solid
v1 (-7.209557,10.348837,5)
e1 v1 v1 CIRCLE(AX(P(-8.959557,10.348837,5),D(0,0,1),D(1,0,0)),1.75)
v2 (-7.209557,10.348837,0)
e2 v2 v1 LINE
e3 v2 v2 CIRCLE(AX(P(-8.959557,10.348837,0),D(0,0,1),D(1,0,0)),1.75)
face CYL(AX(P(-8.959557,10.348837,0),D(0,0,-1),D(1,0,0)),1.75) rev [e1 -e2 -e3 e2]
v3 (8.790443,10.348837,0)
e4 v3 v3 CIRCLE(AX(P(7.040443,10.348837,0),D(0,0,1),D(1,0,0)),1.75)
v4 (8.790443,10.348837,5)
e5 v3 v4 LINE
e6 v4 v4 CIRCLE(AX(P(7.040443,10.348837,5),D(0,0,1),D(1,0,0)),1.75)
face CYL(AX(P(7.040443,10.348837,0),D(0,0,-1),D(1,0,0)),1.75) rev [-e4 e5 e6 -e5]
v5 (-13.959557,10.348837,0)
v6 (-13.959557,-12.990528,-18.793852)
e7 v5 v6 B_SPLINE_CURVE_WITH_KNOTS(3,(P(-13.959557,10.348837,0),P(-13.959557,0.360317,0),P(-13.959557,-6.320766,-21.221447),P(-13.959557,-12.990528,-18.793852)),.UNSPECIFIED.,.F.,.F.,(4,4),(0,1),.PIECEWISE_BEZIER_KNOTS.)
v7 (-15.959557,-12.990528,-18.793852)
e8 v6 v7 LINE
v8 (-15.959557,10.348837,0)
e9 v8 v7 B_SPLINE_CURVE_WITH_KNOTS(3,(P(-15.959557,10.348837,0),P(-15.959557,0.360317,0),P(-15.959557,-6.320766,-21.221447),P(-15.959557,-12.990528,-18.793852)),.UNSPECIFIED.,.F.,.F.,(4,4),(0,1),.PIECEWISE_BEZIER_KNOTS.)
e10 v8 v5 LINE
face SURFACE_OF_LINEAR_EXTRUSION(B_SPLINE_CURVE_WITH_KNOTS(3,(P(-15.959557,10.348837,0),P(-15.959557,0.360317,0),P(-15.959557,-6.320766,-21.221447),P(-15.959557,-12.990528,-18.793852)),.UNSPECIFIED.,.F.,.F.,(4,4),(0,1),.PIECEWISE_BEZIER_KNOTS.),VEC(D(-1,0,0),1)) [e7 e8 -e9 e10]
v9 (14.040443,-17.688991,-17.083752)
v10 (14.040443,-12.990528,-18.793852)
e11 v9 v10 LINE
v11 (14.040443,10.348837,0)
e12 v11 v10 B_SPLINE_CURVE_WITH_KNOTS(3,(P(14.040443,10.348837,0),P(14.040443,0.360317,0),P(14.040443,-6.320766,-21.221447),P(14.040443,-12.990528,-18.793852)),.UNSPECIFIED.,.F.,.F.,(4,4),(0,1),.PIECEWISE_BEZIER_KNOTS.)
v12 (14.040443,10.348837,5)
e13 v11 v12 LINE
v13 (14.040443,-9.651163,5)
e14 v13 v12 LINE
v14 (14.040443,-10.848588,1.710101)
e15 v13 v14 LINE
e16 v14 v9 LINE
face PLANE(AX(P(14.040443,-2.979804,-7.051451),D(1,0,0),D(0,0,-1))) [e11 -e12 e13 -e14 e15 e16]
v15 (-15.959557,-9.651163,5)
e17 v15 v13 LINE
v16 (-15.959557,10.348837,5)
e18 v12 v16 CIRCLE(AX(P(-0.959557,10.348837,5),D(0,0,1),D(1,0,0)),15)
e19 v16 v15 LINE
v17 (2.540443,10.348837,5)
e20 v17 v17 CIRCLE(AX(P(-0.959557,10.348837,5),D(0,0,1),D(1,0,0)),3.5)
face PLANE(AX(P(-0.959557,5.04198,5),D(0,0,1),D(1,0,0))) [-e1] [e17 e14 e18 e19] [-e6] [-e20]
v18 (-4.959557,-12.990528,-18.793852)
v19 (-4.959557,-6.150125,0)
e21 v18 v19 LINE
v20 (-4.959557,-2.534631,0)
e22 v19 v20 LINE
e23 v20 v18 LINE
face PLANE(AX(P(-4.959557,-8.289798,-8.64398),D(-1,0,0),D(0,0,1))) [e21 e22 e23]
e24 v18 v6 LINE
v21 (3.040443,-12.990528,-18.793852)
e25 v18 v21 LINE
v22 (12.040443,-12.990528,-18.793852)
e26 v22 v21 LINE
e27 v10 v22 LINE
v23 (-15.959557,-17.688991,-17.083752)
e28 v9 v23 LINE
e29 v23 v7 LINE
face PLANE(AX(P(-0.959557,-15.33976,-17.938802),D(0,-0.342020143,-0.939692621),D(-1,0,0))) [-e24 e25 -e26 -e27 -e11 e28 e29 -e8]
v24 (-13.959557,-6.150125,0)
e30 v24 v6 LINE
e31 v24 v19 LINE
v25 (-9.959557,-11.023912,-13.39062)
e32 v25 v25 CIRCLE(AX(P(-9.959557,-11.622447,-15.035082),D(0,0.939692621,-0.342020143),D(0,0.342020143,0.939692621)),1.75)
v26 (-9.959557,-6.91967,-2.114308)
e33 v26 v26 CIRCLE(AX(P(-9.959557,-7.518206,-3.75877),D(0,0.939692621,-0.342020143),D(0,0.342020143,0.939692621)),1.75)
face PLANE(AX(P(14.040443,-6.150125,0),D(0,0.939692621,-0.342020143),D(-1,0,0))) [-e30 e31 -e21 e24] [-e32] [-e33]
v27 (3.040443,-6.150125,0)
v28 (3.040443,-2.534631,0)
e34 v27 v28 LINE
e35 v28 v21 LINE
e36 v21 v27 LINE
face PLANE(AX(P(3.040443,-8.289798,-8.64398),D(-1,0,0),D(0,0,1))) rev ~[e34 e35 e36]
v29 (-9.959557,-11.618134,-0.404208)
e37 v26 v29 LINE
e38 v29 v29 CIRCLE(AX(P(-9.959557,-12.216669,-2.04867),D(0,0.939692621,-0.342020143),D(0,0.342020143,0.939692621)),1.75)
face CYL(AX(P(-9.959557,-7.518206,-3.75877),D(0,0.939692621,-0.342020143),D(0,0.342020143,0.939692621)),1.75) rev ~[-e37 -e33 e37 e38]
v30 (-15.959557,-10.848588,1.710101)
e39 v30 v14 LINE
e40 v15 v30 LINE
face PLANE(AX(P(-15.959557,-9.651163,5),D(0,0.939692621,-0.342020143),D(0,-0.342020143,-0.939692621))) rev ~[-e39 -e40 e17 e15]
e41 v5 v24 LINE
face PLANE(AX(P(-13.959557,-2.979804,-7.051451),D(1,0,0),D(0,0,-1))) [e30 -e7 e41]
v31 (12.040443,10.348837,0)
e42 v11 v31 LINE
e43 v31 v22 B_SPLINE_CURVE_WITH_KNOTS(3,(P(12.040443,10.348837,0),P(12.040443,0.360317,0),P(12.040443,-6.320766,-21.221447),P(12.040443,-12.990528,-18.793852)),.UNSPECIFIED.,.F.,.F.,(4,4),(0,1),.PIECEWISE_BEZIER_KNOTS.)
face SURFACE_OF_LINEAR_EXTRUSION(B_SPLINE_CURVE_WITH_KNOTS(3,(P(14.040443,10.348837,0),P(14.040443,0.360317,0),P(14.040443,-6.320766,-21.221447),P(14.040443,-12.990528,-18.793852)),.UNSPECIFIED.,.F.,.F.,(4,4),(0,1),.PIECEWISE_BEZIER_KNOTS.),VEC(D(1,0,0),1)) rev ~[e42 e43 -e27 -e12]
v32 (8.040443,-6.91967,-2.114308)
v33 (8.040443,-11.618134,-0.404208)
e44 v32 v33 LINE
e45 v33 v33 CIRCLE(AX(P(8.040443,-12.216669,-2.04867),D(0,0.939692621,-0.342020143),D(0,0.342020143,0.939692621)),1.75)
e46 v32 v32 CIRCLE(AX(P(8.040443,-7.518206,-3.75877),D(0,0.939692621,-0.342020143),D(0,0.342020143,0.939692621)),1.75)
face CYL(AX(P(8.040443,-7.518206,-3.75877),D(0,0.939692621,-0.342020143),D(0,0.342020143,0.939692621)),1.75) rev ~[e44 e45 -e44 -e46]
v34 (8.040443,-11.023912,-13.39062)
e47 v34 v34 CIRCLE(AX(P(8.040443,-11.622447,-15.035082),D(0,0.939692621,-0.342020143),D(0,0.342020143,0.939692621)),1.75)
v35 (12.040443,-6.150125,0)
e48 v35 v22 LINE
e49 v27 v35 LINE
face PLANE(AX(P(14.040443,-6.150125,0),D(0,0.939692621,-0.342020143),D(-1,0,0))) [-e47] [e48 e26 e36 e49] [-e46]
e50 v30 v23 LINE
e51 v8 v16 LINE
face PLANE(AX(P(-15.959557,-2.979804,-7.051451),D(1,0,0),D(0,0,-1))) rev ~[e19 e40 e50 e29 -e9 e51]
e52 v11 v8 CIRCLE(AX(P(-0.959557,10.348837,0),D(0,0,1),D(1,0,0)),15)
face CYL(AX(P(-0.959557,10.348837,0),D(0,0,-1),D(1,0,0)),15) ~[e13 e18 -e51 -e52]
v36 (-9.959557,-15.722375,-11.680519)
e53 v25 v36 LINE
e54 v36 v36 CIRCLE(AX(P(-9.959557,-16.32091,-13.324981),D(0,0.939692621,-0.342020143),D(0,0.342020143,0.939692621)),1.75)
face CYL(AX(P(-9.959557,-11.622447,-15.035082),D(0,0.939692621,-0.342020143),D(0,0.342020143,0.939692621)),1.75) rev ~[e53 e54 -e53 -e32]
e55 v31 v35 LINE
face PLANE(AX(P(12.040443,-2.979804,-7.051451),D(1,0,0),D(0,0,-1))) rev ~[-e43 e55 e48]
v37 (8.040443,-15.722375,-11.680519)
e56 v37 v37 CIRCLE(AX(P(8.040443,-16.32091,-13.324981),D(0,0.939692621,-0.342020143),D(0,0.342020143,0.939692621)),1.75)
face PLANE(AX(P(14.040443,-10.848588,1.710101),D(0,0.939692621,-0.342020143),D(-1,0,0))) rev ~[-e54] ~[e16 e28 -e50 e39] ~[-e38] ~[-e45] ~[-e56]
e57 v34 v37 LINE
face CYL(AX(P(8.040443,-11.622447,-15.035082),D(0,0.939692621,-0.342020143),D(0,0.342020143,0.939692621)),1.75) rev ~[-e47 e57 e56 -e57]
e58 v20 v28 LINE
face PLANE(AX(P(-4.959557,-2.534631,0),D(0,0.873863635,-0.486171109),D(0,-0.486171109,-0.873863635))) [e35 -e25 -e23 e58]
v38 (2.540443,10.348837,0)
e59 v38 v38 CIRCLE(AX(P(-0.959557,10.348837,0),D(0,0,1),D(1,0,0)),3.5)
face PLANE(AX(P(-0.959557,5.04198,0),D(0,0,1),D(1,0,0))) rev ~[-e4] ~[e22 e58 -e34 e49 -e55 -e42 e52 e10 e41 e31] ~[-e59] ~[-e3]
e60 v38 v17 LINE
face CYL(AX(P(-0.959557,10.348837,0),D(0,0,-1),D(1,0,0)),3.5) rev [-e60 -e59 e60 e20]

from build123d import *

# Parameters (mm, degrees)
ESQUISSE1_R             = 1.75
ESQUISSE1_R_2           = 3.5
BOSS_EXTRU_1_DEPTH      = 5
ENL_V_MAT_EXTRU_2_REACH = 41.592
BOSS_EXTRU_2_DEPTH      = 30
ESQUISSE5_W             = 30
ESQUISSE5_H             = 5
BOSS_EXTRU_3_DEPTH      = 20
BOSS_EXTRU_4_DEPTH      = 2
BOSS_EXTRU_5_DEPTH      = 2
ENL_V_MAT_EXTRU_3_REACH = 42.516
ESQUISSE12_R            = 1.75
BOSS_EXTRU_6_DEPTH      = 4
BOSS_EXTRU_6_DEPTH_BACK = 4


with BuildPart() as part:
    # Esquisse1 → Boss.-Extru.1 (new body)
    with BuildSketch(Plane.XY):
        with BuildLine():
            Line((-15.959557324, 10.348837209), (-15.959557324, -9.651162791))
            Line((-15.959557324, -9.651162791), (14.040442676, -9.651162791))
            Line((14.040442676, -9.651162791), (14.040442676, 10.348837209))
            ThreePointArc((14.040442676, 10.348837209), (-0.959557324, 25.348837209), (-15.959557324, 10.348837209))
        make_face()
        with Locations((-8.959557324, 10.348837209)):
            Circle(ESQUISSE1_R, mode=Mode.SUBTRACT)
        with Locations((7.040442676, 10.348837209)):
            Circle(ESQUISSE1_R, mode=Mode.SUBTRACT)
        with Locations((-0.959557324, 10.348837209)):
            Circle(ESQUISSE1_R_2, mode=Mode.SUBTRACT)
    extrude(amount=BOSS_EXTRU_1_DEPTH)

    # Esquisse2 → Enlèv. mat.-Extru.2 (cut, up to next)
    with BuildSketch(Plane.ZY.offset(15.959557324), mode=Mode.PRIVATE) as enl_v_mat_extru_2_sk1:
        Polygon((0, -9.651162791), (0, -6.1501251), (1.274273509, -9.651162791), align=None)
    enl_v_mat_extru_2_tool1 = extrude(enl_v_mat_extru_2_sk1.sketch, amount=-ENL_V_MAT_EXTRU_2_REACH, mode=Mode.PRIVATE) & part.part
    add(enl_v_mat_extru_2_tool1.solids().sort_by_distance((-15.959557, -8.48415, 0.424758))[0], mode=Mode.SUBTRACT)

    # Esquisse4 → Boss.-Extru.2 (add)
    with BuildSketch(Plane.ZY.offset(15.959557324)):
        Polygon((5, -9.651162791), (1.710100717, -10.848588204), (1.274273509, -9.651162791), align=None)
    extrude(amount=-BOSS_EXTRU_2_DEPTH)

    # Esquisse5 → Boss.-Extru.3 (add)
    with BuildSketch(Plane(origin=(0, -0.719427971, -1.976612106), x_dir=(-1, 0, 0), z_dir=(0, -0.34202014332566333, -0.9396926207859103))):
        with Locations((0.959557324, -8.279227173)):
            Rectangle(ESQUISSE5_W, ESQUISSE5_H)
    extrude(amount=BOSS_EXTRU_3_DEPTH)

    # Esquisse6 → Boss.-Extru.4 (add)
    with BuildSketch(Plane.ZY.offset(15.959557324)):
        with BuildLine():
            Line((0, 10.348837209), (0, -6.1501251))
            Line((0, -6.1501251), (-18.793852416, -12.990527966))
            add(Edge.make_bspline(
                [(0, 10.348837209), (0, 0.360316824), (-21.221447274, -6.32076591), (-18.793852416, -12.990527966)],
                knots=[0, 0, 0, 0, 1, 1, 1, 1], degree=3))
        make_face()
    extrude(amount=-BOSS_EXTRU_4_DEPTH)

    # Esquisse11 → Boss.-Extru.5 (add)
    with BuildSketch(Plane.ZY.offset(-14.040442676)):
        with BuildLine():
            Line((0, 10.348837209), (0, -6.1501251))
            Line((0, -6.1501251), (-18.793852416, -12.990527966))
            add(Edge.make_bspline(
                [(0, 10.348837209), (0, 0.360316824), (-21.221447274, -6.32076591), (-18.793852416, -12.990527966)],
                knots=[0, 0, 0, 0, 1, 1, 1, 1], degree=3))
        make_face()
    extrude(amount=BOSS_EXTRU_5_DEPTH)

    # Esquisse12 → Enlèv. mat.-Extru.3 (cut, up to next)
    with BuildSketch(Plane(origin=(0, -5.430697128, 1.976612106), x_dir=(1, 0, 0), z_dir=(0, 0.9396926207859103, -0.34202014332566333)), mode=Mode.PRIVATE) as enl_v_mat_extru_3_sk1:
        with Locations(Location((-9.959557324, 18.103466668, 0), (0, 0, 270))):
            Circle(ESQUISSE12_R)
    enl_v_mat_extru_3_tool1 = extrude(enl_v_mat_extru_3_sk1.sketch, amount=-ENL_V_MAT_EXTRU_3_REACH, mode=Mode.PRIVATE) & part.part
    # Esquisse12 → Enlèv. mat.-Extru.3 (cut, up to next)
    with BuildSketch(Plane(origin=(0, -5.430697128, 1.976612106), x_dir=(1, 0, 0), z_dir=(0, 0.9396926207859103, -0.34202014332566333)), mode=Mode.PRIVATE) as enl_v_mat_extru_3_sk2:
        with Locations(Location((8.040442676, 18.103466668, 0), (0, 0, 270))):
            Circle(ESQUISSE12_R)
    enl_v_mat_extru_3_tool2 = extrude(enl_v_mat_extru_3_sk2.sketch, amount=-ENL_V_MAT_EXTRU_3_REACH, mode=Mode.PRIVATE) & part.part
    # Esquisse12 → Enlèv. mat.-Extru.3 (cut, up to next)
    with BuildSketch(Plane(origin=(0, -5.430697128, 1.976612106), x_dir=(1, 0, 0), z_dir=(0, 0.9396926207859103, -0.34202014332566333)), mode=Mode.PRIVATE) as enl_v_mat_extru_3_sk3:
        with Locations(Location((8.040442676, 6.103466668, 0), (0, 0, 270))):
            Circle(ESQUISSE12_R)
    enl_v_mat_extru_3_tool3 = extrude(enl_v_mat_extru_3_sk3.sketch, amount=-ENL_V_MAT_EXTRU_3_REACH, mode=Mode.PRIVATE) & part.part
    # Esquisse12 → Enlèv. mat.-Extru.3 (cut, up to next)
    with BuildSketch(Plane(origin=(0, -5.430697128, 1.976612106), x_dir=(1, 0, 0), z_dir=(0, 0.9396926207859103, -0.34202014332566333)), mode=Mode.PRIVATE) as enl_v_mat_extru_3_sk4:
        with Locations(Location((-9.959557324, 6.103466668, 0), (0, 0, 270))):
            Circle(ESQUISSE12_R)
    enl_v_mat_extru_3_tool4 = extrude(enl_v_mat_extru_3_sk4.sketch, amount=-ENL_V_MAT_EXTRU_3_REACH, mode=Mode.PRIVATE) & part.part
    add(enl_v_mat_extru_3_tool1.solids().sort_by_distance((-9.959557, -11.622447, -15.035082))[0], mode=Mode.SUBTRACT)
    add(enl_v_mat_extru_3_tool2.solids().sort_by_distance((8.040443, -11.622447, -15.035082))[0], mode=Mode.SUBTRACT)
    add(enl_v_mat_extru_3_tool3.solids().sort_by_distance((8.040443, -7.518206, -3.75877))[0], mode=Mode.SUBTRACT)
    add(enl_v_mat_extru_3_tool4.solids().sort_by_distance((-9.959557, -7.518206, -3.75877))[0], mode=Mode.SUBTRACT)

    # Esquisse16 → Boss.-Extru.6 (add, two sides: drawn at the far end of the back side and taken through both)
    with BuildSketch(Plane(origin=(-0.959557324, 0, 0), x_dir=(0, 0, -1), z_dir=(1, 0, 0)).offset(-BOSS_EXTRU_6_DEPTH_BACK)):
        Polygon((18.793852416, -12.990527966), (0, -6.1501251), (0, -2.534631071), align=None)
    extrude(amount=BOSS_EXTRU_6_DEPTH + BOSS_EXTRU_6_DEPTH_BACK)


solid = part.part
